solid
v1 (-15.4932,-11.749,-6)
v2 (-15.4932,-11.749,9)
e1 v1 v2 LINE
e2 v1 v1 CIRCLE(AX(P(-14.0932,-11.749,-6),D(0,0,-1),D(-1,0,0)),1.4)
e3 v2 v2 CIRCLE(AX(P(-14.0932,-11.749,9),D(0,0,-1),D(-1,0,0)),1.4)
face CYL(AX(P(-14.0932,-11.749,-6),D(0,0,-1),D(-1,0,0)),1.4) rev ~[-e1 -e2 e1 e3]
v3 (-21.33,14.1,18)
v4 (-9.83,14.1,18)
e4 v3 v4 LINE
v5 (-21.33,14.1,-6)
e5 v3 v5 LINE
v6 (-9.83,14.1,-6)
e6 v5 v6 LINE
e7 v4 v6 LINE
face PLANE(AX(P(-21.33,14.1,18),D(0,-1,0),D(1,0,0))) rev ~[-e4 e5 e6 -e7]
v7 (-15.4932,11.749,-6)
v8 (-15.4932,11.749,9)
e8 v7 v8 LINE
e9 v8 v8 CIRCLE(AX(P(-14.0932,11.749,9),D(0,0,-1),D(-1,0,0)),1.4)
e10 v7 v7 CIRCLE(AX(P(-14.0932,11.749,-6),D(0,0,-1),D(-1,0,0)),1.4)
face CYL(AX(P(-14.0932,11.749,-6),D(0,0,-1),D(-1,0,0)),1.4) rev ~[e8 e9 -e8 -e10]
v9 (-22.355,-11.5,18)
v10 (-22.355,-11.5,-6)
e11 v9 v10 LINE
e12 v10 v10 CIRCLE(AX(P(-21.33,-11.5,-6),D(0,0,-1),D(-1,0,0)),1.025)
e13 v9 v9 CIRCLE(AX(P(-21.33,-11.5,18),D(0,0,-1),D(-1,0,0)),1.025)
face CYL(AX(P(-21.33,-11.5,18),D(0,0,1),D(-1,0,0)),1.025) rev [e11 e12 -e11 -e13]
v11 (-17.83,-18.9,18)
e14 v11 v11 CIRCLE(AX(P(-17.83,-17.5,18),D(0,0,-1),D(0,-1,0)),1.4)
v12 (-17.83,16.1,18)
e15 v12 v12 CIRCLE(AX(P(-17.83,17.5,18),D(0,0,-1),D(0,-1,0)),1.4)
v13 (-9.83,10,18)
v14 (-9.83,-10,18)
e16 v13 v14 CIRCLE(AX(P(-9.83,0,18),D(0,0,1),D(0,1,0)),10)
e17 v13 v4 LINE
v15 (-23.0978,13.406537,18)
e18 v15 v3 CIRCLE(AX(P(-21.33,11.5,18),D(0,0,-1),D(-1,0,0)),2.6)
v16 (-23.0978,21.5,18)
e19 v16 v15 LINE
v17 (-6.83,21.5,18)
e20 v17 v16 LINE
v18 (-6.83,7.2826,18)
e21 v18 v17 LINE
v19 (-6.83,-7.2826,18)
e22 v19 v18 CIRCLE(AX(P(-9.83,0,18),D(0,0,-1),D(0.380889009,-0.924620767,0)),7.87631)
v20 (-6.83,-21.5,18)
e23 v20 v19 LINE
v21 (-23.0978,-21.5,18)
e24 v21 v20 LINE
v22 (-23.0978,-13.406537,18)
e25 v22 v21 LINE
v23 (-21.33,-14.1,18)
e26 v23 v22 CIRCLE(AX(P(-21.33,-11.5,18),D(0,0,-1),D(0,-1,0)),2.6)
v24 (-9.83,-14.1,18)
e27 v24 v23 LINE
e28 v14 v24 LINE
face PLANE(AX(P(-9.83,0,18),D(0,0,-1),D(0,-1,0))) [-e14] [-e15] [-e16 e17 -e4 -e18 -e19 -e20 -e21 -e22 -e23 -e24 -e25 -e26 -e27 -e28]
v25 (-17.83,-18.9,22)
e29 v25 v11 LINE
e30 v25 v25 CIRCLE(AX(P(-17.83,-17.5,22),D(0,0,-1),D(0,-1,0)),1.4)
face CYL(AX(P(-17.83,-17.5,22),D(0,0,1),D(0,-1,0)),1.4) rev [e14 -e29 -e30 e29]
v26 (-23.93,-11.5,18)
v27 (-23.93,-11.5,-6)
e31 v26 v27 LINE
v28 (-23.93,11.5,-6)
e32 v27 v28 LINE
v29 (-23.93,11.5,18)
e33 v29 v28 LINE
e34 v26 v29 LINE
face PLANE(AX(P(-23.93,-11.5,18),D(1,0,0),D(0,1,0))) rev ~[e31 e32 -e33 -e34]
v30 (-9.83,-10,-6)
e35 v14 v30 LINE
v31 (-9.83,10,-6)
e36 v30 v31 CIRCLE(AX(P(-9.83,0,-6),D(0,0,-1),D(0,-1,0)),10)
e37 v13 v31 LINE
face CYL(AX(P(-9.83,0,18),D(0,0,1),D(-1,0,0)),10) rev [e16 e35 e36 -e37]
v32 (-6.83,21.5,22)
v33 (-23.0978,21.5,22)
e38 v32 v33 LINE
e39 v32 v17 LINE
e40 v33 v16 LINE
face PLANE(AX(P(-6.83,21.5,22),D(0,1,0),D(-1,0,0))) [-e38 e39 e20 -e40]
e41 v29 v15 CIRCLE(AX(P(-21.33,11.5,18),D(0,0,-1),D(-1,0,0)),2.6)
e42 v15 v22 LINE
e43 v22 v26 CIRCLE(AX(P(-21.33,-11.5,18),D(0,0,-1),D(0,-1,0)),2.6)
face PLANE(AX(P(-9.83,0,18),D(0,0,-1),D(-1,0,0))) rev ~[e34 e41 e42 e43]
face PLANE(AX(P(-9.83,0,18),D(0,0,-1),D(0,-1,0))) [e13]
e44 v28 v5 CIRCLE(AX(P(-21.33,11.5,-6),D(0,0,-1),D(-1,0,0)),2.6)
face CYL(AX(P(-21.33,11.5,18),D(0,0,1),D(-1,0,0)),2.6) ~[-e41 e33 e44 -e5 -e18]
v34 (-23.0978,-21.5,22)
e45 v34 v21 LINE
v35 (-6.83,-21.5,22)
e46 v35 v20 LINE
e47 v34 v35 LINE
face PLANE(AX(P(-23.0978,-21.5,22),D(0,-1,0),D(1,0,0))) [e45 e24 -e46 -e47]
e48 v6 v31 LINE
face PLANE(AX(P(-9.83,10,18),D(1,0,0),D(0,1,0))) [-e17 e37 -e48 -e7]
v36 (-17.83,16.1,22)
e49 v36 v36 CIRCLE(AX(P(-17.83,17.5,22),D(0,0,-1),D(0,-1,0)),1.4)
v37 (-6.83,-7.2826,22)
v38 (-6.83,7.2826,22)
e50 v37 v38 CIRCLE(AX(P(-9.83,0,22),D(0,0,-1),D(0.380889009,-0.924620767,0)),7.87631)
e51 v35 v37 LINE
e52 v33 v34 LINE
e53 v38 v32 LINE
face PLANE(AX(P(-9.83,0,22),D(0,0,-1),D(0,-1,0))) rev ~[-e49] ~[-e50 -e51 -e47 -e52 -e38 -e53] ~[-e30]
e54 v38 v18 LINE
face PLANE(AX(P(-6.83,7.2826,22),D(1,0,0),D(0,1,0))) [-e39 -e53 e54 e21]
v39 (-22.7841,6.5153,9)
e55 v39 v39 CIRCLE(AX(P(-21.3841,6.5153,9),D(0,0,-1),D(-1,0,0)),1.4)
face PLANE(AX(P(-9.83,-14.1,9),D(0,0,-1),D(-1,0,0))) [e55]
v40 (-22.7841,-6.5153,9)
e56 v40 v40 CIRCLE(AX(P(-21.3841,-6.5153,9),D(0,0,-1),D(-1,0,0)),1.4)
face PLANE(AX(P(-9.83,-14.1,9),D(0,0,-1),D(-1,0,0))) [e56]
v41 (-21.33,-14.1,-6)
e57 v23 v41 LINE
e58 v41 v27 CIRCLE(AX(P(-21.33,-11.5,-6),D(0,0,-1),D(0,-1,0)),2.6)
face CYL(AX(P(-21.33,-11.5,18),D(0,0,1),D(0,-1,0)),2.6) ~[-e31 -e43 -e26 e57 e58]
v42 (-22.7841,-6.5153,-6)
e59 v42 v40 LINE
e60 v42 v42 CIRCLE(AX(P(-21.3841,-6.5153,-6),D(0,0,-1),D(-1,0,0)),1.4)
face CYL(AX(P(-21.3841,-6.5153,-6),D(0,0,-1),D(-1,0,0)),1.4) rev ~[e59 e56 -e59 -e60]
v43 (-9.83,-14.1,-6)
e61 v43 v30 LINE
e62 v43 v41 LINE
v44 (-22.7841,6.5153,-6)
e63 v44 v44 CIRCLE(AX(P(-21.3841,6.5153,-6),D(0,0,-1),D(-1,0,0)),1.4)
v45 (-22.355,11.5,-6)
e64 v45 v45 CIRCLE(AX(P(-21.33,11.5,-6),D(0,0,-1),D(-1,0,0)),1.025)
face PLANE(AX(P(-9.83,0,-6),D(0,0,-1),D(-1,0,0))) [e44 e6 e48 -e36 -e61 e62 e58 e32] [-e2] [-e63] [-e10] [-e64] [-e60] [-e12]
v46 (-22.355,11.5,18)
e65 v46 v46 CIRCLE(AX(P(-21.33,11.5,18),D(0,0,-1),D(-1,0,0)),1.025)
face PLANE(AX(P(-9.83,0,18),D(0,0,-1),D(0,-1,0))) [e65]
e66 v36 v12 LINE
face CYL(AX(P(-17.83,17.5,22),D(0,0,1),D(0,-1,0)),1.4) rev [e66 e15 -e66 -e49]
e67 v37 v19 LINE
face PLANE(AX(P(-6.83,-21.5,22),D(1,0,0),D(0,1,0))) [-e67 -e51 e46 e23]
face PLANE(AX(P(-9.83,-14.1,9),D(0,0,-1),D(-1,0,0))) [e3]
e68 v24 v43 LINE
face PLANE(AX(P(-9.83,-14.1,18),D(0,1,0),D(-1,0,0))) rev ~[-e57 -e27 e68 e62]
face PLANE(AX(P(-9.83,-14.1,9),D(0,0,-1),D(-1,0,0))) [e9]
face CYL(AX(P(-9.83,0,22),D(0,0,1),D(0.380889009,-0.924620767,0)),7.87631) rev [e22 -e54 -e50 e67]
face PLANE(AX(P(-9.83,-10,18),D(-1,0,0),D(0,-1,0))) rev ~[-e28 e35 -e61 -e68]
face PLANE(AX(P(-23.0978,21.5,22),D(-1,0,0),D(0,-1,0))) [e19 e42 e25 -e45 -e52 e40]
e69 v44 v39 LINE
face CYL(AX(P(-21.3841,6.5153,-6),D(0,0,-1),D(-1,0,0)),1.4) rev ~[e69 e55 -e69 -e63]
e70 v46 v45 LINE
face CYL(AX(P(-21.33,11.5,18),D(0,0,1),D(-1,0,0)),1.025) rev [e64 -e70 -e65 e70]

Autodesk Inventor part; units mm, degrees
ref_plane "YZ Plane" through (0, 0, 0) normal (1, 0, 0) x (0, 1, 0)
ref_plane "XZ Plane" through (0, 0, 0) normal (0, 1, 0) x (-1, 0, 0)
ref_plane "Work Plane3" through (-9.83, 0, 22) normal (0, 0, -1) x (0, -1, 0)
sketch "Sketch2" plane through (-9.83, 0, 22) normal (0, 0, -1) x (0, -1, 0)
  arc A0 (-15.4, 8) -> (-19.6, 8) centre (-17.5, 8) ccw projected
  circle A1 centre (17.5, 8) radius 2.1 projected
  circle A2 centre (-17.5, 8) radius 1.4
  circle A3 centre (17.5, 8) radius 1.4
  arc A4 (-11.5, 14) -> (-14, 11.5) centre (-11.5, 11.5) ccw construction
  arc A5 (14, 11.5) -> (11.5, 14) centre (11.5, 11.5) ccw construction
  line L0 (-21.5, 13.2678) -> (21.5, 13.2678)
  line L1 (21.5, 13.2678) -> (21.5, -3)
  line L2 (-21.5, -3) -> (-21.5, 13.2678)
  arc A6 (-2.1271, -1.5804) -> (-2.4402, 1.0334) centre (0, 0) ccw projected
  arc A7 (7.2826, -3) -> (-7.2826, -3) centre (0, 0) ccw
  line L3 (21.5, -3) -> (7.2826, -3)
  line L4 (-7.2826, -3) -> (-21.5, -3)
  dimension "d26" = 2.8
  dimension "d27" = 2.8
  dimension "d28" = 4
  dimension "d29" = 4
extrude "Extrusion2" add sketch "Sketch2" along normal blind 4 contours A1 | L0 L1 L3 A7 L4 L2
sketch "Sketch3" plane through (-9.83, 0, 18) normal (0, 0, -1) x (-1, 0, 0)
  circle A0 centre (0, 0) radius 12.75 projected
  circle A1 centre (11.5, 11.5) radius 1.025 projected
  circle A2 centre (11.5, -11.5) radius 1.025 projected
  circle A3 centre (-11.5, -11.5) radius 1.025 projected
  circle A4 centre (-11.5, 11.5) radius 1.025 projected
  line L0 (-11.5, -14.1) -> (11.5, -14.1) projected
  arc A5 (11.5, -14.1) -> (14.1, -11.5) centre (11.5, -11.5) ccw projected
  line L1 (14.1, -11.5) -> (14.1, 11.5) projected
  arc A6 (14.1, 11.5) -> (11.5, 14.1) centre (11.5, 11.5) ccw projected
  line L2 (11.5, 14.1) -> (-11.5, 14.1) projected
  arc A7 (-11.5, 14.1) -> (-14.1, 11.5) centre (-11.5, 11.5) ccw projected
  line L3 (-14.1, 11.5) -> (-14.1, -11.5) projected
  arc A8 (-14.1, -11.5) -> (-11.5, -14.1) centre (-11.5, -11.5) ccw projected
  line L4 (-11.5, -14.1) -> (11.5, -14.1) projected
  line L5 (0, -14.1) -> (0, -12.75)
  line L6 (0, 12.75) -> (0, 14.1)
  line L7 (11.5, 14.1) -> (-11.5, 14.1) projected
  circle A9 centre (0, 0) radius 10
  line L8 (0, -10) -> (0, -12.75)
  line L9 (0, 10) -> (0, 12.75)
  point P0 (-9.83, 0)
  dimension "d11" = 20
ref_plane "Work Plane4" through (-37.83, -24.85, 0) normal (0, 0, -1) x (0, 1, 0)
extrude "Extrusion3" add sketch "Sketch3" along normal blind 24 contours A0 L8 A9 L9 | A0 L6 L2 A6 L1 A5 L0 L5 picked at (11.7268, -0.9457)
sketch "Sketch4" plane through (-9.83, -14.1, -6) normal (0, 0, -1) x (-1, 0, 0)
  circle A0 centre (4.2632, 2.351) radius 1.4
  circle A1 centre (11.5541, 7.5847) radius 1.4
  arc A2 (0, 4.1) -> (0, 24.1) centre (0, 14.1) ccw projected
  line L0 (10, 14.1) -> (14.0989, 14.1)
  circle A3 centre (4.2632, 25.849) radius 1.4
  circle A4 centre (11.5541, 20.6153) radius 1.4
  point P0 (-9.83, 14.1)
  dimension "d16" = 2.8
  dimension "d17" = 2.8
extrude "Extrusion4" cut sketch "Sketch4" against normal blind 15
properties part number "30_Cube_Z_Focus_MGN_NEMA_Motoradapter_NEMA11_v3"
